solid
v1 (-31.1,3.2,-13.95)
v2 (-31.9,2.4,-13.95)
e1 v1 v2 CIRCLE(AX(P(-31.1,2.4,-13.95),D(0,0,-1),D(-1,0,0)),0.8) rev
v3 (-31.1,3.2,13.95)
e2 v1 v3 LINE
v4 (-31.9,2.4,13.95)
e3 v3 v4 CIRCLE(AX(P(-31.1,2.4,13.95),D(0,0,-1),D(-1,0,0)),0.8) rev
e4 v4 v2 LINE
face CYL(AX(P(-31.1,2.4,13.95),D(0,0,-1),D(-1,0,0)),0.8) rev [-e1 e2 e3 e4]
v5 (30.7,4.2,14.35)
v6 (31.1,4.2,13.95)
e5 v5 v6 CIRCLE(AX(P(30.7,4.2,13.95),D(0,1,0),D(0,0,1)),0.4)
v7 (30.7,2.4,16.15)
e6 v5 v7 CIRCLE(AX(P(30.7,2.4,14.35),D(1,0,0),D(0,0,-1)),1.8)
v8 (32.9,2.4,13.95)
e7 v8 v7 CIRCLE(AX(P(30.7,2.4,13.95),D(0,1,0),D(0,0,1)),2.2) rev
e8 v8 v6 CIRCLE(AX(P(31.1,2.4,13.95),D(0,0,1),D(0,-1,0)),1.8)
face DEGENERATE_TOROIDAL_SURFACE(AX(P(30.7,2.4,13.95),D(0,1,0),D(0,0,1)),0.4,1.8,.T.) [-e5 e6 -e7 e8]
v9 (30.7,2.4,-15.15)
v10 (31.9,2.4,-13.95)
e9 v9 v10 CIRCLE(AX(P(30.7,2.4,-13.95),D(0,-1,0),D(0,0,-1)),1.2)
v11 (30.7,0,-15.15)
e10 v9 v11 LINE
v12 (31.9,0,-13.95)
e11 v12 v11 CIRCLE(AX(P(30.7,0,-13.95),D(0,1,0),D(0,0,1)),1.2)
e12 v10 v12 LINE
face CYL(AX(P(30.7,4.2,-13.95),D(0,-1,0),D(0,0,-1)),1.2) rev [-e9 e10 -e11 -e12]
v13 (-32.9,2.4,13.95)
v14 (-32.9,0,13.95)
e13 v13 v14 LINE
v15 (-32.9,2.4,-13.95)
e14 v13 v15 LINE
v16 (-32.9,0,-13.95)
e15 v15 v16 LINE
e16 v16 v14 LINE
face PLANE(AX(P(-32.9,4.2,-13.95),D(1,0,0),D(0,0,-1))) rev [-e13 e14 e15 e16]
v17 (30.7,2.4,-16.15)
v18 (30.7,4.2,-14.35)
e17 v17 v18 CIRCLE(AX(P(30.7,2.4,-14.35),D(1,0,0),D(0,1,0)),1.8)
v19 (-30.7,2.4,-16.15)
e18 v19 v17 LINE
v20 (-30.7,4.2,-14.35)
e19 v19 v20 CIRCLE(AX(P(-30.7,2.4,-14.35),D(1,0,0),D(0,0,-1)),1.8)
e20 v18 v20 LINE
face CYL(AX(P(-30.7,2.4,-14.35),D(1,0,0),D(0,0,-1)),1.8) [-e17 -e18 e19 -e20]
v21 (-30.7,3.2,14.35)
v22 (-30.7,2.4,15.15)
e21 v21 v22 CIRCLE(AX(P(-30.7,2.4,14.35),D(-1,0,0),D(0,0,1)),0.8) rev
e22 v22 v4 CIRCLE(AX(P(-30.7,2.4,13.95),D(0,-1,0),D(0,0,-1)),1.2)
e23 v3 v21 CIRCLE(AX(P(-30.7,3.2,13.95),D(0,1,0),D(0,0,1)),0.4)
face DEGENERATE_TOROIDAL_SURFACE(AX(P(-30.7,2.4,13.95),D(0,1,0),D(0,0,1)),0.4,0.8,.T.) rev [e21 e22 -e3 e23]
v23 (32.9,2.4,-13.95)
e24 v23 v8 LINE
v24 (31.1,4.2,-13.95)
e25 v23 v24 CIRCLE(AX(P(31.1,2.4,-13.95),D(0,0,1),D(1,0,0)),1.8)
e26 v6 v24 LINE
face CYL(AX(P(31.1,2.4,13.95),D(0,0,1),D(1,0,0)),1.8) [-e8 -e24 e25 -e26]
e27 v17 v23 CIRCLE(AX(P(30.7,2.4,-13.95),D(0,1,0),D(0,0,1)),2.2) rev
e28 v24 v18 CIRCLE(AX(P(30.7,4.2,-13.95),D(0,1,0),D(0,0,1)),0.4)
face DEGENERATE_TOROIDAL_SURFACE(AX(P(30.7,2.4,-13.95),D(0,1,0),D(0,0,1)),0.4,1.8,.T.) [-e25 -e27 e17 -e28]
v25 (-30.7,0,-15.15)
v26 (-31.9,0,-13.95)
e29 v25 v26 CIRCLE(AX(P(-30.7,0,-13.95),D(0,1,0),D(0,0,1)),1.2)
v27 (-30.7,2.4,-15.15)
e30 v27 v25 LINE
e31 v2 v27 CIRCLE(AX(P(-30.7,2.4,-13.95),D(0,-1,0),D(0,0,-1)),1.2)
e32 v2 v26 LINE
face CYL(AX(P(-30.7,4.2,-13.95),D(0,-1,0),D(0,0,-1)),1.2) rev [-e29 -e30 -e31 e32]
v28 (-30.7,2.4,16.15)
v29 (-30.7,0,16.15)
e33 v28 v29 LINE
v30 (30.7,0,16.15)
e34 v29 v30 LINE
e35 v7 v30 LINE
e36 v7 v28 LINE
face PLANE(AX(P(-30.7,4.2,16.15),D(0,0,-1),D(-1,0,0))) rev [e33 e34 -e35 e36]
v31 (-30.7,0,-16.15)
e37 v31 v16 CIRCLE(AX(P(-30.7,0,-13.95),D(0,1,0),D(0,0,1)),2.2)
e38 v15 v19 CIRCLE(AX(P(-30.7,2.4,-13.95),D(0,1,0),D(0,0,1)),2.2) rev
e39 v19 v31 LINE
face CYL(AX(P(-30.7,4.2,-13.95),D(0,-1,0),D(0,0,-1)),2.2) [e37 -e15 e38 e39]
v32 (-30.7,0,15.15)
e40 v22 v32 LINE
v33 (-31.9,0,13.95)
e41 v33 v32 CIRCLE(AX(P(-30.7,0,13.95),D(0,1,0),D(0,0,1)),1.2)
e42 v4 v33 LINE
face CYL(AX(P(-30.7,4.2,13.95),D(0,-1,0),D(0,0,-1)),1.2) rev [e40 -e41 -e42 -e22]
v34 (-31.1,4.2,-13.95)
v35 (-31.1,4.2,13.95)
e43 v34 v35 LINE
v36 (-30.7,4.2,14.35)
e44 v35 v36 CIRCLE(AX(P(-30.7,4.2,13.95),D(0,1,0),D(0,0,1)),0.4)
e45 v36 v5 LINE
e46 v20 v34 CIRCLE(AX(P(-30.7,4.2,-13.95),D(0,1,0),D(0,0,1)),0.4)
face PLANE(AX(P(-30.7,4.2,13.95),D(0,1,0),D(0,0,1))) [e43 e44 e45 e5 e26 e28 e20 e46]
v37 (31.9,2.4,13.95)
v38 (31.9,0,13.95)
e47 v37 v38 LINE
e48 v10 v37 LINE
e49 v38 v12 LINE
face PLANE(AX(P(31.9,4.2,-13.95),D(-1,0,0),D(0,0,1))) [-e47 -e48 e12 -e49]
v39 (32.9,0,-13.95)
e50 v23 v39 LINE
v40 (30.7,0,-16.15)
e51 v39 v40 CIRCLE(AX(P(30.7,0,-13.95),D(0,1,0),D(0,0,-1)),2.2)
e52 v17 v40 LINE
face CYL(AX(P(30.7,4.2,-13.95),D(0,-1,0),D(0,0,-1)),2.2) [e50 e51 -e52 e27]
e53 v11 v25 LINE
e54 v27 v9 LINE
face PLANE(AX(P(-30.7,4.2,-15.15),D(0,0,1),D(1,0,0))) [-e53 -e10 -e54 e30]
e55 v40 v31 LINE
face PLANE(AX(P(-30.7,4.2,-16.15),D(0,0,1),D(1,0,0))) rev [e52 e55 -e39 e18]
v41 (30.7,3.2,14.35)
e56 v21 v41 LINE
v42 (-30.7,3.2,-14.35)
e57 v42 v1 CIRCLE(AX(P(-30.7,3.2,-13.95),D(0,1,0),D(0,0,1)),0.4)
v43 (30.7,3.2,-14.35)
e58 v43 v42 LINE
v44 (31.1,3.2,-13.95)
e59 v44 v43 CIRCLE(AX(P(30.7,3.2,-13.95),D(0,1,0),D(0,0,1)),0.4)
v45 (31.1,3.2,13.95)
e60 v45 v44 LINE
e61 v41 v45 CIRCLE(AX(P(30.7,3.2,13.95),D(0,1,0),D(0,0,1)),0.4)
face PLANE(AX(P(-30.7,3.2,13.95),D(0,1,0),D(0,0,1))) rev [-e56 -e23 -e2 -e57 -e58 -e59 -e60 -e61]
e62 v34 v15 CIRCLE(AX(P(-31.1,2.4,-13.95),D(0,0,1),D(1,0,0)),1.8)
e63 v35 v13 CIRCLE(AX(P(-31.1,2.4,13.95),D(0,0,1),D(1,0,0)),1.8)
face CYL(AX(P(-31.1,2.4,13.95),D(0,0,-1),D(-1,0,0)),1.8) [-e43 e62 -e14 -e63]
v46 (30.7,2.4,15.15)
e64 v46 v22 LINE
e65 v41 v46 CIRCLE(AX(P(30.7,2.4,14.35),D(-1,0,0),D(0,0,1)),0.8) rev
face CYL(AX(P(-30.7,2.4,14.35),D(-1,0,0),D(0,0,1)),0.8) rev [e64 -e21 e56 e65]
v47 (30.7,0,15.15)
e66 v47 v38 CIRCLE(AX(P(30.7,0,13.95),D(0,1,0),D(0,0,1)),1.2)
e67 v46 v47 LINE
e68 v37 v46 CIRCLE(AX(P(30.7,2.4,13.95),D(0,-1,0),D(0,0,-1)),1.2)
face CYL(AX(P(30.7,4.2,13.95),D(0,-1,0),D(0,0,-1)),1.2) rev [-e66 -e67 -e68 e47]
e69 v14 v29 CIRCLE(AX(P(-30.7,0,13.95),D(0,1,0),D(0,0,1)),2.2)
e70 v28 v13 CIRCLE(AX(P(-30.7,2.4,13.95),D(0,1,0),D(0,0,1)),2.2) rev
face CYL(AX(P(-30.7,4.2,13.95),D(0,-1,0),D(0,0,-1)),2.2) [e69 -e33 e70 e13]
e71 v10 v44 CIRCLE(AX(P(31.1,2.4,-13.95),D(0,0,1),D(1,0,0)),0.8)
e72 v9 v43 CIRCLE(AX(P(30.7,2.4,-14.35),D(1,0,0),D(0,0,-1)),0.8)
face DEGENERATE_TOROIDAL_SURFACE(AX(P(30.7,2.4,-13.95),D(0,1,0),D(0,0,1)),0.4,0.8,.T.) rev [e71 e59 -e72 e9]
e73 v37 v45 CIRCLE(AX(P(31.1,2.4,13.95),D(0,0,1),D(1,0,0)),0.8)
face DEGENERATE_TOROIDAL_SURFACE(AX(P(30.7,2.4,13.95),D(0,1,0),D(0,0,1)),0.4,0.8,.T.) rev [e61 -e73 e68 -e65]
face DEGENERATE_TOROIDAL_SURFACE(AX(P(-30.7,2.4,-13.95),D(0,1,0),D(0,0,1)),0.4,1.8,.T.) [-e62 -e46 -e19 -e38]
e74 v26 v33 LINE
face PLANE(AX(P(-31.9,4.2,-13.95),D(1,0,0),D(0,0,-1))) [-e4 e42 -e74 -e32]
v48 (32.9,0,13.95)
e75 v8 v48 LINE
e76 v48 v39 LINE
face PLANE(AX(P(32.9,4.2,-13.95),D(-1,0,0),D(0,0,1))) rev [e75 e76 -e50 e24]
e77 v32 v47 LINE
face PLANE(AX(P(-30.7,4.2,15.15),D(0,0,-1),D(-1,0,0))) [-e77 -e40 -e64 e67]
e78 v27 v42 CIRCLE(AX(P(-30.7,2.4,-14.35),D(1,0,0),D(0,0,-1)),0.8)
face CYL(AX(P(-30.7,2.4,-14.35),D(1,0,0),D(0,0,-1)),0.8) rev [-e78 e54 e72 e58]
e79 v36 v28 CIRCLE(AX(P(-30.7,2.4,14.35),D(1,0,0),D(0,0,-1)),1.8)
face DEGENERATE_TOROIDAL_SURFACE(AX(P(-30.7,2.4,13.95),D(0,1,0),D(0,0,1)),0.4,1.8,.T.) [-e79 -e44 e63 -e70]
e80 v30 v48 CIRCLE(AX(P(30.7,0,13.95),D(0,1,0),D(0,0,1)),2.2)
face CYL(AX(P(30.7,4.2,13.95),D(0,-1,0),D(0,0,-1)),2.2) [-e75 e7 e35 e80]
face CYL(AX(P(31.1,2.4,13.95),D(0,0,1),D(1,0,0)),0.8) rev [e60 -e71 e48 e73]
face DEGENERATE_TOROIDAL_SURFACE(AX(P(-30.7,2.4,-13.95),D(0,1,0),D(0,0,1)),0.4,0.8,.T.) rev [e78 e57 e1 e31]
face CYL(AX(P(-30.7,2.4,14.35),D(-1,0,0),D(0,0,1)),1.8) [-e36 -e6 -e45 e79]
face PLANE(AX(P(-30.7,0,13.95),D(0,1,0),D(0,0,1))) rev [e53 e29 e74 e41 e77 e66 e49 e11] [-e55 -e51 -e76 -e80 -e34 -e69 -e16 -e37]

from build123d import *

# Parameters (mm, degrees)
EXTRUDE_1_DEPTH = 4.2
FILLET_1_R      = 1.8
SHELL_1_T       = -1


with BuildPart() as part:
    # 草图1 → 凸台-拉伸1 (new body)
    with BuildSketch(Plane(origin=(0, 0, 0), x_dir=(1, 0, 0), z_dir=(0, 1, 0))):
        with BuildLine():
            Line((-30.7, 16.15), (30.7, 16.15))
            ThreePointArc((30.7, 16.15), (32.255634919, 15.505634919), (32.9, 13.95))
            Line((32.9, 13.95), (32.9, -13.95))
            ThreePointArc((32.9, -13.95), (32.255634919, -15.505634919), (30.7, -16.15))
            Line((30.7, -16.15), (-30.7, -16.15))
            ThreePointArc((-30.7, -16.15), (-32.255634919, -15.505634919), (-32.9, -13.95))
            Line((-32.9, -13.95), (-32.9, 13.95))
            ThreePointArc((-32.9, 13.95), (-32.255634919, 15.505634919), (-30.7, 16.15))
        make_face()
    extrude(amount=EXTRUDE_1_DEPTH)

    # 圆角1
    fillet_1_edges = [part.edges().sort_by_distance(p)[0] for p in [
        (32.255634919, 4.2, 15.505634919),
        (32.9, 4.2, 0),
        (32.255634919, 4.2, -15.505634919),
        (0, 4.2, -16.15),
        (-32.255634919, 4.2, -15.505634919),
        (-32.9, 4.2, 0),
        (-32.255634919, 4.2, 15.505634919),
        (0, 4.2, 16.15),
    ]]
    fillet(fillet_1_edges, radius=FILLET_1_R)

    # 抽壳1
    shell_1_openings = [part.faces().sort_by_distance(p)[0] for p in [
        (0, 0, 0),
    ]]
    offset(amount=SHELL_1_T, openings=shell_1_openings, kind=Kind.INTERSECTION)


solid = part.part
